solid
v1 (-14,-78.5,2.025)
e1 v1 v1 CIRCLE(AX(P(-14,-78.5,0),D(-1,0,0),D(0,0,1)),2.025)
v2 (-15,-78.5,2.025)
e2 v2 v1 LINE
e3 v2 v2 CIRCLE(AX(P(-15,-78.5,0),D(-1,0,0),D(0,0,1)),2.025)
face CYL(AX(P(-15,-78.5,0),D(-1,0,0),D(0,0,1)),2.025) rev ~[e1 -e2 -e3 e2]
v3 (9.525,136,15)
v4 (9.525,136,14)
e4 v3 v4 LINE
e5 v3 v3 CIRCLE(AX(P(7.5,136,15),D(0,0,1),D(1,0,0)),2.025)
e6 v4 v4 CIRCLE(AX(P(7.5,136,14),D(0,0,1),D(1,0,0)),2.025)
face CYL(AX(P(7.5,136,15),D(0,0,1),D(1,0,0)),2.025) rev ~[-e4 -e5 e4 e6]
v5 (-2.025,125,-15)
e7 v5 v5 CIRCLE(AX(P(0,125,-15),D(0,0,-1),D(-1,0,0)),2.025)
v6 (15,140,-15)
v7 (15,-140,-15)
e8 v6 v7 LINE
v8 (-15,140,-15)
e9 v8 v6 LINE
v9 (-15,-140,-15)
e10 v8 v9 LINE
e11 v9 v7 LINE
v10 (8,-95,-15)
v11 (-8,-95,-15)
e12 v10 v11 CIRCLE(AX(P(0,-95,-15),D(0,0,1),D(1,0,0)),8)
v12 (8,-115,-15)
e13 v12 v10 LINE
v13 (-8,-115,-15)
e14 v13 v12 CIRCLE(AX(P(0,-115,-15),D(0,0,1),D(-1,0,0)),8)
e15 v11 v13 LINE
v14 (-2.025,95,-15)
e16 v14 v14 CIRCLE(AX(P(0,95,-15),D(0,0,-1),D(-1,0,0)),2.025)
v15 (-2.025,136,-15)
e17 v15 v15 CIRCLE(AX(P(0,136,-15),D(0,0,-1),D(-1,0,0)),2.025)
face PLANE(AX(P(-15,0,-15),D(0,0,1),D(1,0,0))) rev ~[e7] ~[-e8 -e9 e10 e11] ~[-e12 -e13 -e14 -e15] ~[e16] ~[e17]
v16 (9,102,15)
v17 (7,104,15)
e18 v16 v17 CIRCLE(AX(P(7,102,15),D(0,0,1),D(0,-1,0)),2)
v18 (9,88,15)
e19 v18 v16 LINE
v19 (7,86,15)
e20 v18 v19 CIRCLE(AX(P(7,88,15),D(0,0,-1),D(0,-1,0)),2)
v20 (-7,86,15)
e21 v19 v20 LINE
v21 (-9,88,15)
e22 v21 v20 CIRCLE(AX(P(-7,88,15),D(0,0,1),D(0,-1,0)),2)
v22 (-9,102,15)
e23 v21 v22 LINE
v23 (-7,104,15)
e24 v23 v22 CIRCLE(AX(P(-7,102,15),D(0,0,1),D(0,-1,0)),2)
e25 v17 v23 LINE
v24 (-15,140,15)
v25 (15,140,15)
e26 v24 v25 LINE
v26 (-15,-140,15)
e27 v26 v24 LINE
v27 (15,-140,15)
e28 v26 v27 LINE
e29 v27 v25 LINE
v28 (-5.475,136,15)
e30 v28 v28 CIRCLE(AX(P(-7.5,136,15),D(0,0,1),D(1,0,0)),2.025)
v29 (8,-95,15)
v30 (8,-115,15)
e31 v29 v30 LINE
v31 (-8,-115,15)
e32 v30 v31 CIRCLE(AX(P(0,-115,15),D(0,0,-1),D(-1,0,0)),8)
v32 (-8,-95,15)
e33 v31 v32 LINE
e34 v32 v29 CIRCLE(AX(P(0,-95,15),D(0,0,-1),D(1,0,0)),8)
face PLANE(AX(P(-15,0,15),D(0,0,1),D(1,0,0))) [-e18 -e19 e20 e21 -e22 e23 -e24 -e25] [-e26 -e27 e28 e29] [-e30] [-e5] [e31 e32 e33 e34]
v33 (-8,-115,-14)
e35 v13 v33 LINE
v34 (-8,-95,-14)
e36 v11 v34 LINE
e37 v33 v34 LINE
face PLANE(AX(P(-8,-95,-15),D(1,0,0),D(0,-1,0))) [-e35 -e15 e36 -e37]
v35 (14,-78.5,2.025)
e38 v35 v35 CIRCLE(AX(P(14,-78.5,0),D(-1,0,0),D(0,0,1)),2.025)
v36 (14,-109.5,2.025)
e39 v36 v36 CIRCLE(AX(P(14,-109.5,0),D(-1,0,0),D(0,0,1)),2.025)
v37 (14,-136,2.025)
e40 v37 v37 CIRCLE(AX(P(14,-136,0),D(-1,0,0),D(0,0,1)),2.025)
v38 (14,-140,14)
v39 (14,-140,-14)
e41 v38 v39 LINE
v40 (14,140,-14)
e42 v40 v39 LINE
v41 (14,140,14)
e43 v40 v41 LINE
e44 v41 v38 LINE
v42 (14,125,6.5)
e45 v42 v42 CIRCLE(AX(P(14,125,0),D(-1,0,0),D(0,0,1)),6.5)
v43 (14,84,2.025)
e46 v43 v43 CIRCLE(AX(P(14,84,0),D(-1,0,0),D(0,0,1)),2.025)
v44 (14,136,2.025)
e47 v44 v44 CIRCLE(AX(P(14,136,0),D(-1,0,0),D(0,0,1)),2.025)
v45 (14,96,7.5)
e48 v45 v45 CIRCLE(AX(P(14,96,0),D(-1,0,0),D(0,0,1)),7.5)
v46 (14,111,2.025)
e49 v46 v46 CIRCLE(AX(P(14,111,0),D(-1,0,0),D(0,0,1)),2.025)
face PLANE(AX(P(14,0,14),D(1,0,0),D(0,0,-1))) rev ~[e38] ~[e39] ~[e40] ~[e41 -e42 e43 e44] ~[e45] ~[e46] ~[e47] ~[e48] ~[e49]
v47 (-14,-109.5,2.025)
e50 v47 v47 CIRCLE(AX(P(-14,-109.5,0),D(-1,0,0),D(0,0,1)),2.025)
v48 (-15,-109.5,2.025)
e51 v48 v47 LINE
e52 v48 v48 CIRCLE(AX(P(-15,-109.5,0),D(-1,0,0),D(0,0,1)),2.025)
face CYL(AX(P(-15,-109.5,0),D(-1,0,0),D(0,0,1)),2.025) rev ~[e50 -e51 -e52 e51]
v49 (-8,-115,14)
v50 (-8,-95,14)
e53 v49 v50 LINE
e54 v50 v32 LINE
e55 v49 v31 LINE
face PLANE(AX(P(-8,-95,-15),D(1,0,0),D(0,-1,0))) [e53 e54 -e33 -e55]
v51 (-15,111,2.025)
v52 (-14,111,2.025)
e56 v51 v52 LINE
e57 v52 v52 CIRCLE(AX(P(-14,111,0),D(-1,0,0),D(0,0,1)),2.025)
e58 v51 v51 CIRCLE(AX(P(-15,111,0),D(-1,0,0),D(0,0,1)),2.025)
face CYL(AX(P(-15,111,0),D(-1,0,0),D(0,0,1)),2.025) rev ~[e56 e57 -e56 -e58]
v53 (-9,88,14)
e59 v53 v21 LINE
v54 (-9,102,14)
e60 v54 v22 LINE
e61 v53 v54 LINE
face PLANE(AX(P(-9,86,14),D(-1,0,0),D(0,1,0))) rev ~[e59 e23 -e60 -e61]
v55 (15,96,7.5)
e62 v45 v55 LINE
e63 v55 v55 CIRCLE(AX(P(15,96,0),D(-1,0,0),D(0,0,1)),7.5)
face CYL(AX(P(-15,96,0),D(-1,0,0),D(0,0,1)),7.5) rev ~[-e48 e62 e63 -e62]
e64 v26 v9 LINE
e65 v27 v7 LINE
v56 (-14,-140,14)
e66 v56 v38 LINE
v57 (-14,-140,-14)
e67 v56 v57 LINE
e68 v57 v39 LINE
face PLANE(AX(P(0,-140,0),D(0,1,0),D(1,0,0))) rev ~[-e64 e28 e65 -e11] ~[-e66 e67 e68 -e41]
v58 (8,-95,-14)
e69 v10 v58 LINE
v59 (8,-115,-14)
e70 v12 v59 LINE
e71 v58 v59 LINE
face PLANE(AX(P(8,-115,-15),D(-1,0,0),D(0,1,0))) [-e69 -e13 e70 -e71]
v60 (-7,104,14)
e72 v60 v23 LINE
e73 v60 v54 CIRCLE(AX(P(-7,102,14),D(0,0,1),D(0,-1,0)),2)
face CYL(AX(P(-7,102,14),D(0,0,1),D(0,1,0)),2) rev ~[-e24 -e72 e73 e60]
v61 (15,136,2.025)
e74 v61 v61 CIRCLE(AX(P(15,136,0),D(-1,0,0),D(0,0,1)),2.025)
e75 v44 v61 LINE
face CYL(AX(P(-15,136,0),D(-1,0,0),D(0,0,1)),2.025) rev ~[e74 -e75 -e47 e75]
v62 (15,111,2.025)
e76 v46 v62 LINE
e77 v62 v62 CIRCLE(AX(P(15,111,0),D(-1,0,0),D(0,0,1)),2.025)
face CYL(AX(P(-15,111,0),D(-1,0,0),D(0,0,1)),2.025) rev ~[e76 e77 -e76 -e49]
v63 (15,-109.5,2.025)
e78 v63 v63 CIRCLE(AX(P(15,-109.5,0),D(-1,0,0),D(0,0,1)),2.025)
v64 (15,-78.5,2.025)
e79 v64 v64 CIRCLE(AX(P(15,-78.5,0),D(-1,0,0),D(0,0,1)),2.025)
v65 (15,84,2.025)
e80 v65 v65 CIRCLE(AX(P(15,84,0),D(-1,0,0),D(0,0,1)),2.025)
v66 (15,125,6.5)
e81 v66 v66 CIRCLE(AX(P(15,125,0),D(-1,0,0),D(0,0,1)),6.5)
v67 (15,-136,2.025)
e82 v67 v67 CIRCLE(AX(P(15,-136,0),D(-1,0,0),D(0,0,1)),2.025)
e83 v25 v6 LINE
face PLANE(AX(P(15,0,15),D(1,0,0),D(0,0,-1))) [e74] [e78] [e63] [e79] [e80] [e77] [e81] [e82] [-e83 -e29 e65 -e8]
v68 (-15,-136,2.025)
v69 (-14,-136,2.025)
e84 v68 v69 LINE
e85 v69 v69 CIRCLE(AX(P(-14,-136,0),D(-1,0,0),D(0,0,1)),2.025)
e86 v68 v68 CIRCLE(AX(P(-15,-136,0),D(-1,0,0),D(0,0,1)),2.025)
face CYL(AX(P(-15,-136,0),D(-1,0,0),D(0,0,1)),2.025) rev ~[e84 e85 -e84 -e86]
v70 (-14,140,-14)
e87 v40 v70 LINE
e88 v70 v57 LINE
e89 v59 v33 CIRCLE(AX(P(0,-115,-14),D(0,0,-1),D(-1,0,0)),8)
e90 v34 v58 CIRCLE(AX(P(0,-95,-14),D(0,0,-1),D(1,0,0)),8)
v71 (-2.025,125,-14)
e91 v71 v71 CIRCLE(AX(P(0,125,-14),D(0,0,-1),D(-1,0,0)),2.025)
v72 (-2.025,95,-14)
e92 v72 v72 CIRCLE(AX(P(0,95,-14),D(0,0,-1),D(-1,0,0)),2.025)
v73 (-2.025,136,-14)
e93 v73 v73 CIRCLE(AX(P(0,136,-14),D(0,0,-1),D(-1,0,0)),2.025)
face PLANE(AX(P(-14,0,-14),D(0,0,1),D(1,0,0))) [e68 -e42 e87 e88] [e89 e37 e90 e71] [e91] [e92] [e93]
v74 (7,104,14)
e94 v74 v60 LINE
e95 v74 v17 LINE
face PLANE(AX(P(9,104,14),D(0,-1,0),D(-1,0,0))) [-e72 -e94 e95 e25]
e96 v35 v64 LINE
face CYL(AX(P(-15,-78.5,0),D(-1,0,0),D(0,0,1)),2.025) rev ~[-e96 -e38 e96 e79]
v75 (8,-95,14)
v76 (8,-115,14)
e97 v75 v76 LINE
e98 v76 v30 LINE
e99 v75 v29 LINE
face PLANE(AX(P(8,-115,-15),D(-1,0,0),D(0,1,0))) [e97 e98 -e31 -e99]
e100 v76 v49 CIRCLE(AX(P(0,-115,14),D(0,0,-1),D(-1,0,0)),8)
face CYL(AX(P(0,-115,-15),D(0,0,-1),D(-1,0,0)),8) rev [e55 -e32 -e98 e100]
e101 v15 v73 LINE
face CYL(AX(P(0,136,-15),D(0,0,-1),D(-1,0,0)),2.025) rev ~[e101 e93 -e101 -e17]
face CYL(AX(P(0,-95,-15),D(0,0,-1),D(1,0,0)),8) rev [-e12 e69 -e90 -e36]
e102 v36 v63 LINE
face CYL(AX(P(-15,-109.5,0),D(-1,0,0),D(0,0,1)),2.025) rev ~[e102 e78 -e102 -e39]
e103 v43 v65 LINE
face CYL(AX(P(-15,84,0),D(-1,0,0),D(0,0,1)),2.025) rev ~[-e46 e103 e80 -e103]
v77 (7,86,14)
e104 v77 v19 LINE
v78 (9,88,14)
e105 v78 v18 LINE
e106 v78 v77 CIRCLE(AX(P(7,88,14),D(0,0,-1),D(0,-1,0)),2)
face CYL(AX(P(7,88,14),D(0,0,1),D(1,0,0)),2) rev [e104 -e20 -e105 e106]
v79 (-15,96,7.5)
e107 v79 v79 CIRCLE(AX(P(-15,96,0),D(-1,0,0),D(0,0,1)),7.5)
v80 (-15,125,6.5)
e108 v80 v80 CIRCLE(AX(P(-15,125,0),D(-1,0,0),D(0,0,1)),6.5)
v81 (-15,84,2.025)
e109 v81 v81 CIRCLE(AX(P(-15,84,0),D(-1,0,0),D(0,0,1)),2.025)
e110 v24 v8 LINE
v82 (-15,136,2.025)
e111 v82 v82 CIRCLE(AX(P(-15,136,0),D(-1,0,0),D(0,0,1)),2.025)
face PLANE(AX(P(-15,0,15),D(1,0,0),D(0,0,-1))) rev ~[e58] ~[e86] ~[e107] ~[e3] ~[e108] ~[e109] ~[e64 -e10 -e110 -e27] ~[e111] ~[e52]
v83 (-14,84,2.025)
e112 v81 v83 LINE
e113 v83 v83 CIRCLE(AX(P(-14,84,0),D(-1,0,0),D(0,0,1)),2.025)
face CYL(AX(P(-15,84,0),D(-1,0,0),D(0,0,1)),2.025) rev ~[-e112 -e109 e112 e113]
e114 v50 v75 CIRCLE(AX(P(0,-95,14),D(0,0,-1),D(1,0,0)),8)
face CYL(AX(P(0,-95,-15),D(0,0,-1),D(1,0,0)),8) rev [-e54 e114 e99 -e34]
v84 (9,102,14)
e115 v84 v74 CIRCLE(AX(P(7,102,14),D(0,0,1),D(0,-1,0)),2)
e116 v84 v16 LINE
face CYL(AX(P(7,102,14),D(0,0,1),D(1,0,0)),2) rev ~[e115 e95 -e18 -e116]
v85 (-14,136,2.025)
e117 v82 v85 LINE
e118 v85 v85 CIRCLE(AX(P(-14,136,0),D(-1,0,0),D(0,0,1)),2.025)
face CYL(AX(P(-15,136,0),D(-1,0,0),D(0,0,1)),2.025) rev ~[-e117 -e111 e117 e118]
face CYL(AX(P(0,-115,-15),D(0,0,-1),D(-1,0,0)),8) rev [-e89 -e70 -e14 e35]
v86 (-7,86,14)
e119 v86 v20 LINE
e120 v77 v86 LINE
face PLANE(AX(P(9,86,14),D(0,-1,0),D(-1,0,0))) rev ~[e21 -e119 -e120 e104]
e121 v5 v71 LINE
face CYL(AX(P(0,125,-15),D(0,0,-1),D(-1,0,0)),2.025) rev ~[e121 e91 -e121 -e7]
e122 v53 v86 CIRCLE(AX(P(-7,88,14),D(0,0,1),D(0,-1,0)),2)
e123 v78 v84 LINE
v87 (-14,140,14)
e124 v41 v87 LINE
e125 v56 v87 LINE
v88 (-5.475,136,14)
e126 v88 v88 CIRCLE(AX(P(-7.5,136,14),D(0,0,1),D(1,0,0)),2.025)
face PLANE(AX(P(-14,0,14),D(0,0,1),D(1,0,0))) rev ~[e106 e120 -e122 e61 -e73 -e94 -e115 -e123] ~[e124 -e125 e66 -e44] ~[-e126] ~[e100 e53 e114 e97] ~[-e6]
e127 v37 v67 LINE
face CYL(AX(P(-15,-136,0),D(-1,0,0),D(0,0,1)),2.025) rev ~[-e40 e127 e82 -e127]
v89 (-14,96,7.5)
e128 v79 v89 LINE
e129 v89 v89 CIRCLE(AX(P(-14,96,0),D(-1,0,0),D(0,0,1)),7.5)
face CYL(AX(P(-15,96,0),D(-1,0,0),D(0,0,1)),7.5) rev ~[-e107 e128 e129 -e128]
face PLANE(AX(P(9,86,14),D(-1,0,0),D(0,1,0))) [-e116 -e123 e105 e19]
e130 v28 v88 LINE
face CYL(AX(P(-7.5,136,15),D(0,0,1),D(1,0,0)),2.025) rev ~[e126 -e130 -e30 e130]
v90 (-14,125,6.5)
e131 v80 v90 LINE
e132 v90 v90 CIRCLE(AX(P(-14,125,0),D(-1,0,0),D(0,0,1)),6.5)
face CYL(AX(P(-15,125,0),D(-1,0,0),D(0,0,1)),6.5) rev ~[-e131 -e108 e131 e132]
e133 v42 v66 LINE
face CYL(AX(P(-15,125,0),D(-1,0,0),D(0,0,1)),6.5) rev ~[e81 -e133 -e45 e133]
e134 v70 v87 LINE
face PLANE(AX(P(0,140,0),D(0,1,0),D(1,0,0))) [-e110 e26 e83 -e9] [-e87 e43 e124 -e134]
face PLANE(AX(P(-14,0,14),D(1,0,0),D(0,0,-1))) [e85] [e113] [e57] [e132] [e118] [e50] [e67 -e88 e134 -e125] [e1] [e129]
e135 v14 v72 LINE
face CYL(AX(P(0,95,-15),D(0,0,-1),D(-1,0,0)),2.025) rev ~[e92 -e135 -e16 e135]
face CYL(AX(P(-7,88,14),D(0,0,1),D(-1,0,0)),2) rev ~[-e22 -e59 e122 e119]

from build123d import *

# Parameters (mm, degrees)
SKETCH_1_W               = 30
SKETCH_1_H               = 30
EXTRUDE_1_DEPTH          = 140
SKETCH_2_W               = 28
SKETCH_2_H               = 28
CUT_EXTRUDE_1_DEPTH      = 141
CUT_EXTRUDE_1_DEPTH_BACK = 141
SKETCH_3_R               = 2.025
CUT_EXTRUDE_2_DEPTH      = 1
CUT_EXTRUDE_2_DEPTH_BACK = 31
SKETCH_5_R               = 2.025
CUT_EXTRUDE_3_DEPTH      = 31
SKETCH_6_R               = 2.025
CUT_EXTRUDE_4_DEPTH      = 1
SKETCH_7_W               = 18
SKETCH_7_H               = 18
CUT_EXTRUDE_5_DEPTH      = 1
FILLET_1_R               = 2
SKETCH_8_R               = 2.025
CUT_EXTRUDE_6_DEPTH      = 10
SKETCH_10_R              = 7.5
SKETCH_10_R_2            = 6.5
CUT_EXTRUDE_7_DEPTH      = 1
CUT_EXTRUDE_7_DEPTH_BACK = 31
CUT_EXTRUDE_8_DEPTH      = 1
CUT_EXTRUDE_8_DEPTH_BACK = 31
CUT_EXTRUDE_START        = 29
SKETCH_12_R              = 2.025
CUT_EXTRUDE_9_DEPTH      = 10


with BuildPart() as part:
    # 草图1 → 凸台-拉伸1 (new body, symmetric)
    with BuildSketch(Plane(origin=(0, 0, 0), x_dir=(1, 0, 0), z_dir=(0, 1, 0))):
        Rectangle(SKETCH_1_W, SKETCH_1_H)
    extrude(amount=EXTRUDE_1_DEPTH, both=True)

    # 草图2 → 切除-拉伸1 (cut, two sides)
    with BuildSketch(Plane(origin=(0, 0, 0), x_dir=(1, 0, 0), z_dir=(0, 1, 0))) as cut_extrude_1_sk:
        Rectangle(SKETCH_2_W, SKETCH_2_H)
    extrude(amount=CUT_EXTRUDE_1_DEPTH, mode=Mode.SUBTRACT)
    extrude(cut_extrude_1_sk.sketch, amount=-CUT_EXTRUDE_1_DEPTH_BACK, mode=Mode.SUBTRACT)

    # 草图3 → 切除-拉伸2 (cut, two sides)
    with BuildSketch(Plane.ZY.offset(15)) as cut_extrude_2_sk:
        with Locations((0, -78.5)):
            Circle(SKETCH_3_R)
        with Locations((0, -109.5)):
            Circle(SKETCH_3_R)
        with Locations((0, -136)):
            Circle(SKETCH_3_R)
    extrude(amount=CUT_EXTRUDE_2_DEPTH, mode=Mode.SUBTRACT)
    extrude(cut_extrude_2_sk.sketch, amount=-CUT_EXTRUDE_2_DEPTH_BACK, mode=Mode.SUBTRACT)

    # 草图5 → 切除-拉伸3 (cut, through all)
    with BuildSketch(Plane.ZY.offset(15)):
        with Locations((0, 136)):
            Circle(SKETCH_5_R)
        with Locations((0, 111)):
            Circle(SKETCH_5_R)
        with Locations((0, 84)):
            Circle(SKETCH_5_R)
    extrude(amount=-CUT_EXTRUDE_3_DEPTH, mode=Mode.SUBTRACT)

    # 草图6 → 切除-拉伸4 (cut)
    with BuildSketch(Plane(origin=(0, 0, -15), x_dir=(-1, 0, 0), z_dir=(0, 0, -1))):
        with Locations((0, 95)):
            Circle(SKETCH_6_R)
        with Locations((0, 125)):
            Circle(SKETCH_6_R)
    extrude(amount=-CUT_EXTRUDE_4_DEPTH, mode=Mode.SUBTRACT)

    # 草图7 → 切除-拉伸5 (cut)
    with BuildSketch(Plane(origin=(0, 0, 14), x_dir=(-1, 0, 0), z_dir=(0, 0, -1))):
        with Locations((0, 95)):
            Rectangle(SKETCH_7_W, SKETCH_7_H)
    extrude(amount=-CUT_EXTRUDE_5_DEPTH, mode=Mode.SUBTRACT)

    # 圆角1
    fillet_1_edges = [part.edges().sort_by_distance(p)[0] for p in [
        (-9, 104, 14.5),
        (-9, 86, 14.5),
        (9, 86, 14.5),
        (9, 104, 14.5),
    ]]
    fillet(fillet_1_edges, radius=FILLET_1_R)

    # 草图8 → 切除-拉伸6 (cut)
    with BuildSketch(Plane(origin=(0, 0, -15), x_dir=(-1, 0, 0), z_dir=(0, 0, -1))):
        with Locations((0, 136)):
            Circle(SKETCH_8_R)
    extrude(amount=-CUT_EXTRUDE_6_DEPTH, mode=Mode.SUBTRACT)

    # 草图10 → 切除-拉伸7 (cut, two sides)
    with BuildSketch(Plane.ZY.offset(15)) as cut_extrude_7_sk:
        with Locations((0, 96)):
            Circle(SKETCH_10_R)
        with Locations((0, 125)):
            Circle(SKETCH_10_R_2)
    extrude(amount=CUT_EXTRUDE_7_DEPTH, mode=Mode.SUBTRACT)
    extrude(cut_extrude_7_sk.sketch, amount=-CUT_EXTRUDE_7_DEPTH_BACK, mode=Mode.SUBTRACT)

    # 草图11 → 切除-拉伸8 (cut, two sides)
    with BuildSketch(Plane(origin=(0, 0, -15), x_dir=(-1, 0, 0), z_dir=(0, 0, -1))) as cut_extrude_8_sk:
        with BuildLine():
            Line((-8, -115), (-8, -95))
            ThreePointArc((-8, -95), (0, -87), (8, -95))
            Line((8, -95), (8, -115))
            ThreePointArc((8, -115), (0, -123), (-8, -115))
        make_face()
    extrude(amount=CUT_EXTRUDE_8_DEPTH, mode=Mode.SUBTRACT)
    extrude(cut_extrude_8_sk.sketch, amount=-CUT_EXTRUDE_8_DEPTH_BACK, mode=Mode.SUBTRACT)

    # 草图12 → 切除-拉伸9 (cut)
    with BuildSketch(Plane.XY.offset(-14).offset(CUT_EXTRUDE_START)):
        with Locations((-7.5, 136)):
            Circle(SKETCH_12_R)
        with Locations((7.5, 136)):
            Circle(SKETCH_12_R)
    extrude(amount=-CUT_EXTRUDE_9_DEPTH, mode=Mode.SUBTRACT)


solid = part.part
